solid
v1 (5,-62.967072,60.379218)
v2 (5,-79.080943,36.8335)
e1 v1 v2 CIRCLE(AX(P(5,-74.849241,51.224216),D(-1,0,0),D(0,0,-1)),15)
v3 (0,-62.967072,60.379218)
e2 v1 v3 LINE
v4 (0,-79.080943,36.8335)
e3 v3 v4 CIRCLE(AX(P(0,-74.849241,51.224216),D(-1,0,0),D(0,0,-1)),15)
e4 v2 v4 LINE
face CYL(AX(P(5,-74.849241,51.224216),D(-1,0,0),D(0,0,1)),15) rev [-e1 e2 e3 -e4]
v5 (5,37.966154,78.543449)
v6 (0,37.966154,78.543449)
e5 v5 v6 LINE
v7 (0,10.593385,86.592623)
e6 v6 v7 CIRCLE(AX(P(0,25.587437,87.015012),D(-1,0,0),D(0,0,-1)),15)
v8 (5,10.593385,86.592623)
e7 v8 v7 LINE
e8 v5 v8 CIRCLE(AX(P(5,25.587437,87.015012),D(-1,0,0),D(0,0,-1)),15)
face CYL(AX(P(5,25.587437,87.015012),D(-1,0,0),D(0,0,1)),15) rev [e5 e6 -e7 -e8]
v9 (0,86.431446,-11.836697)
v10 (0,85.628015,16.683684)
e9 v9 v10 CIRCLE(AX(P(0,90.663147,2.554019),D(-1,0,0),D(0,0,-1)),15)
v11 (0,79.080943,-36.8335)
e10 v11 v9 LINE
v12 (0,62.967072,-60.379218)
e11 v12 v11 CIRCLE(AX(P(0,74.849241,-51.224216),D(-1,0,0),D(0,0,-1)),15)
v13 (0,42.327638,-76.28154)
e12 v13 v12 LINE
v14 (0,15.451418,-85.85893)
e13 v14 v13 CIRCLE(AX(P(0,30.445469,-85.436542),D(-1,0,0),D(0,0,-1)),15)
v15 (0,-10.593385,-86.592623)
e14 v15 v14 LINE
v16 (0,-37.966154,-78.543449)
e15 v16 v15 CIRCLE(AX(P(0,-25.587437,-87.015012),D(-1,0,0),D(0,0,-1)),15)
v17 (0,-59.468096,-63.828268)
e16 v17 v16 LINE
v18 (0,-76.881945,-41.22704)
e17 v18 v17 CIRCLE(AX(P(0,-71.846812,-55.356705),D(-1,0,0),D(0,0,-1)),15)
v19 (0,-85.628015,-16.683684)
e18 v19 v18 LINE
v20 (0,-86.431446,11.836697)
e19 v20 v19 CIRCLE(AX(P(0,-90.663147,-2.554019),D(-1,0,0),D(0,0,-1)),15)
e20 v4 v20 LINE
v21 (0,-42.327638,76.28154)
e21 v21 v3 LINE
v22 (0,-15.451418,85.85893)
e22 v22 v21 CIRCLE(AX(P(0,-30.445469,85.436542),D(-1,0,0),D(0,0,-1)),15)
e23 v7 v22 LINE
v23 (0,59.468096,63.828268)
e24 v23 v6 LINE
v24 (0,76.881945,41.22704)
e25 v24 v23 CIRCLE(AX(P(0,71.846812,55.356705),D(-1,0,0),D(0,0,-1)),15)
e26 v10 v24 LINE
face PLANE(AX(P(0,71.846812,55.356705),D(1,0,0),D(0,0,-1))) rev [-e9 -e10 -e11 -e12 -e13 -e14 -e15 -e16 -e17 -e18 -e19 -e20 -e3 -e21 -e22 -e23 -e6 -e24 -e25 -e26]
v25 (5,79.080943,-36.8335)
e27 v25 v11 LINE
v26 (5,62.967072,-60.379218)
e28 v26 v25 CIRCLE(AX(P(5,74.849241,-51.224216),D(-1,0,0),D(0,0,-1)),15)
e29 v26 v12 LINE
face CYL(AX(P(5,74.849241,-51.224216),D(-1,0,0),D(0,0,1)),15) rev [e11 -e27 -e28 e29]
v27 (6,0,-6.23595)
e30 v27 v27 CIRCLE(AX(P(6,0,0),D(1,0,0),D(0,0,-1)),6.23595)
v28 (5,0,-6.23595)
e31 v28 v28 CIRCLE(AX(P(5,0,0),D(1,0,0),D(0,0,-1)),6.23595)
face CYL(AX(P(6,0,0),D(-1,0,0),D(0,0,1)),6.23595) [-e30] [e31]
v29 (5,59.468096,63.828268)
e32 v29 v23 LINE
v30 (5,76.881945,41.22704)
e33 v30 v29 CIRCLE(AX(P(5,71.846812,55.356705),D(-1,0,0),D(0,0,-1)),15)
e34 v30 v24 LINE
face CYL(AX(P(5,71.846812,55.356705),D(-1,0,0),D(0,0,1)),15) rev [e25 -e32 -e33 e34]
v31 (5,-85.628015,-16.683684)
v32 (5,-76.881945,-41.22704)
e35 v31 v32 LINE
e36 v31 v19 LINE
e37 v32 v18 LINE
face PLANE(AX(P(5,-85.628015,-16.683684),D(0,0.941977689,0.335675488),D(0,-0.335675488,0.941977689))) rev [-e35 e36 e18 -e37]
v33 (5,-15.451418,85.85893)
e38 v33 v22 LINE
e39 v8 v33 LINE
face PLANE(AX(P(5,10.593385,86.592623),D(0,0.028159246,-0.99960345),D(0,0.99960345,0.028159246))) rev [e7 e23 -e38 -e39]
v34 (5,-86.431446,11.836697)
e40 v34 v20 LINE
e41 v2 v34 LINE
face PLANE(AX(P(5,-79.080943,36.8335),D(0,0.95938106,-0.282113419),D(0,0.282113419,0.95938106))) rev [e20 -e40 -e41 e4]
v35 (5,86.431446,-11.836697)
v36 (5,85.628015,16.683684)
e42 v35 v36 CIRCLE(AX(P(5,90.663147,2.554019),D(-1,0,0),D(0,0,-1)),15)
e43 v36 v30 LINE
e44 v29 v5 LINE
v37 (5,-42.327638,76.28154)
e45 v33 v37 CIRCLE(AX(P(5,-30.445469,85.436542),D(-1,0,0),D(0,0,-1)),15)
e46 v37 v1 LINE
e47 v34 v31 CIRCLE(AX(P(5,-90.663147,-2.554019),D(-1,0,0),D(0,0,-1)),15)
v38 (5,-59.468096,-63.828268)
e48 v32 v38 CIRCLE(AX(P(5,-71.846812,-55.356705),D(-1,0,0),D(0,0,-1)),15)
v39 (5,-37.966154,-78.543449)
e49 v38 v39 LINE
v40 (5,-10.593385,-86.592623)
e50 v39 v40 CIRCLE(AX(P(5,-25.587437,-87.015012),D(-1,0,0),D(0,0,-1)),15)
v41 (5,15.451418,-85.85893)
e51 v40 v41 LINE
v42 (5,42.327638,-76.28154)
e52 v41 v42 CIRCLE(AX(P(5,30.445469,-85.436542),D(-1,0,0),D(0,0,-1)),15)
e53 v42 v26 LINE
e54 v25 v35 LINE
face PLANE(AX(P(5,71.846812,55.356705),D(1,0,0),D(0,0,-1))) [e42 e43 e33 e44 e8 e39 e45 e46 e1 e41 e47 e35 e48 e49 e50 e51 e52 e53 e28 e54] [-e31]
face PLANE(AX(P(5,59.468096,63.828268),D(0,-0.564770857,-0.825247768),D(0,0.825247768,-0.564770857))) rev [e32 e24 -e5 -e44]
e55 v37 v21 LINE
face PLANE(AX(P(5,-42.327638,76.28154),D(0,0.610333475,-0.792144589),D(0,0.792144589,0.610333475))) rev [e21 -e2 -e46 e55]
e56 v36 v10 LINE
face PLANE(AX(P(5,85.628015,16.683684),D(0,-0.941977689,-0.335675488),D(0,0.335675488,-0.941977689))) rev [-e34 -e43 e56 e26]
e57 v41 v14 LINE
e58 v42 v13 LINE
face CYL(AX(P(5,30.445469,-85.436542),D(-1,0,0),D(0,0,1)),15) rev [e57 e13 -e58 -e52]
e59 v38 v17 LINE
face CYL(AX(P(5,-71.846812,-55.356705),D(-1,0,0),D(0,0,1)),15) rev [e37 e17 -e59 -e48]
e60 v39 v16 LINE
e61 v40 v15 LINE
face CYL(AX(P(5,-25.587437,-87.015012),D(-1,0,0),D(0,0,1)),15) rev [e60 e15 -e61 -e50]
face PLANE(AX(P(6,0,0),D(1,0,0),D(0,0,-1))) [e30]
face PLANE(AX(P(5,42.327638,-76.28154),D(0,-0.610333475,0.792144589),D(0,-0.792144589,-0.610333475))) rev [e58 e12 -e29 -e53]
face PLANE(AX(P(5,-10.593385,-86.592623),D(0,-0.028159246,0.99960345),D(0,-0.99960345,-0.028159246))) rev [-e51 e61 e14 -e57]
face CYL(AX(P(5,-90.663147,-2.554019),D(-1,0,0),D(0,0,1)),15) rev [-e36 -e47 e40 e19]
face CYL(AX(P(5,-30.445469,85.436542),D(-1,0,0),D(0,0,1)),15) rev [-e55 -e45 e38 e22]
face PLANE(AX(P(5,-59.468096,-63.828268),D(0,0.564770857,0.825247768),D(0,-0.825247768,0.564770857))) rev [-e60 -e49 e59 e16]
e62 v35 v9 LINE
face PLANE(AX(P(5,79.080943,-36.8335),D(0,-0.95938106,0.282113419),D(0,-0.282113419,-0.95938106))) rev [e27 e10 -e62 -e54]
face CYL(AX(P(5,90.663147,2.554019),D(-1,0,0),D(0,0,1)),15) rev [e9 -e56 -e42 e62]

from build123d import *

# Parameters (mm, degrees)
DODANIE_WYCI_GNI_CIE1_DEPTH = 5
SZKIC2_R                    = 6.235949903
DODANIE_WYCI_GNI_CIE2_DEPTH = 1


with BuildPart() as part:
    # Szkic1 → Dodanie-wyciągnięcie1 (new body)
    with BuildSketch(Plane(origin=(0, 0, 0), x_dir=(0, 0, -1), z_dir=(1, 0, 0))):
        with BuildLine():
            Line((16.683684026, -85.628014752), (41.227039969, -76.881944554))
            ThreePointArc((41.227039969, -76.881944554), (46.201703182, -59.964643396), (63.82826816, -59.468095705))
            Line((63.82826816, -59.468095705), (78.543449139, -37.966153615))
            ThreePointArc((78.543449139, -37.966153615), (72.624296091, -21.355735808), (86.5926233, -10.593385344))
            Line((86.5926233, -10.593385344), (85.858930332, 15.451417583))
            ThreePointArc((85.858930332, 15.451417583), (71.306876302, 25.410337004), (76.281539514, 42.327638162))
            Line((76.281539514, 42.327638162), (60.379218375, 62.967072438))
            ThreePointArc((60.379218375, 62.967072438), (42.752653397, 62.470524746), (36.833500348, 79.080942553))
            Line((36.833500348, 79.080942553), (11.836697213, 86.431445794))
            ThreePointArc((11.836697213, 86.431445794), (-2.131629996, 75.669095331), (-16.683684026, 85.628014752))
            Line((-16.683684026, 85.628014752), (-41.227039969, 76.881944554))
            ThreePointArc((-41.227039969, 76.881944554), (-46.201703182, 59.964643396), (-63.82826816, 59.468095705))
            Line((-63.82826816, 59.468095705), (-78.543449139, 37.966153615))
            ThreePointArc((-78.543449139, 37.966153615), (-72.624296091, 21.355735808), (-86.5926233, 10.593385344))
            Line((-86.5926233, 10.593385344), (-85.858930332, -15.451417583))
            ThreePointArc((-85.858930332, -15.451417583), (-71.306876302, -25.410337004), (-76.281539514, -42.327638162))
            Line((-76.281539514, -42.327638162), (-60.379218375, -62.967072438))
            ThreePointArc((-60.379218375, -62.967072438), (-42.752653397, -62.470524746), (-36.833500348, -79.080942553))
            Line((-36.833500348, -79.080942553), (-11.836697213, -86.431445794))
            ThreePointArc((-11.836697213, -86.431445794), (2.131629996, -75.669095331), (16.683684026, -85.628014752))
        make_face()
    extrude(amount=DODANIE_WYCI_GNI_CIE1_DEPTH)

    # Szkic2 → Dodanie-wyciągnięcie2 (add)
    with BuildSketch(Plane(origin=(5, 0, 0), x_dir=(0, 0, -1), z_dir=(1, 0, 0))):
        Circle(SZKIC2_R)
    extrude(amount=DODANIE_WYCI_GNI_CIE2_DEPTH)


solid = part.part
